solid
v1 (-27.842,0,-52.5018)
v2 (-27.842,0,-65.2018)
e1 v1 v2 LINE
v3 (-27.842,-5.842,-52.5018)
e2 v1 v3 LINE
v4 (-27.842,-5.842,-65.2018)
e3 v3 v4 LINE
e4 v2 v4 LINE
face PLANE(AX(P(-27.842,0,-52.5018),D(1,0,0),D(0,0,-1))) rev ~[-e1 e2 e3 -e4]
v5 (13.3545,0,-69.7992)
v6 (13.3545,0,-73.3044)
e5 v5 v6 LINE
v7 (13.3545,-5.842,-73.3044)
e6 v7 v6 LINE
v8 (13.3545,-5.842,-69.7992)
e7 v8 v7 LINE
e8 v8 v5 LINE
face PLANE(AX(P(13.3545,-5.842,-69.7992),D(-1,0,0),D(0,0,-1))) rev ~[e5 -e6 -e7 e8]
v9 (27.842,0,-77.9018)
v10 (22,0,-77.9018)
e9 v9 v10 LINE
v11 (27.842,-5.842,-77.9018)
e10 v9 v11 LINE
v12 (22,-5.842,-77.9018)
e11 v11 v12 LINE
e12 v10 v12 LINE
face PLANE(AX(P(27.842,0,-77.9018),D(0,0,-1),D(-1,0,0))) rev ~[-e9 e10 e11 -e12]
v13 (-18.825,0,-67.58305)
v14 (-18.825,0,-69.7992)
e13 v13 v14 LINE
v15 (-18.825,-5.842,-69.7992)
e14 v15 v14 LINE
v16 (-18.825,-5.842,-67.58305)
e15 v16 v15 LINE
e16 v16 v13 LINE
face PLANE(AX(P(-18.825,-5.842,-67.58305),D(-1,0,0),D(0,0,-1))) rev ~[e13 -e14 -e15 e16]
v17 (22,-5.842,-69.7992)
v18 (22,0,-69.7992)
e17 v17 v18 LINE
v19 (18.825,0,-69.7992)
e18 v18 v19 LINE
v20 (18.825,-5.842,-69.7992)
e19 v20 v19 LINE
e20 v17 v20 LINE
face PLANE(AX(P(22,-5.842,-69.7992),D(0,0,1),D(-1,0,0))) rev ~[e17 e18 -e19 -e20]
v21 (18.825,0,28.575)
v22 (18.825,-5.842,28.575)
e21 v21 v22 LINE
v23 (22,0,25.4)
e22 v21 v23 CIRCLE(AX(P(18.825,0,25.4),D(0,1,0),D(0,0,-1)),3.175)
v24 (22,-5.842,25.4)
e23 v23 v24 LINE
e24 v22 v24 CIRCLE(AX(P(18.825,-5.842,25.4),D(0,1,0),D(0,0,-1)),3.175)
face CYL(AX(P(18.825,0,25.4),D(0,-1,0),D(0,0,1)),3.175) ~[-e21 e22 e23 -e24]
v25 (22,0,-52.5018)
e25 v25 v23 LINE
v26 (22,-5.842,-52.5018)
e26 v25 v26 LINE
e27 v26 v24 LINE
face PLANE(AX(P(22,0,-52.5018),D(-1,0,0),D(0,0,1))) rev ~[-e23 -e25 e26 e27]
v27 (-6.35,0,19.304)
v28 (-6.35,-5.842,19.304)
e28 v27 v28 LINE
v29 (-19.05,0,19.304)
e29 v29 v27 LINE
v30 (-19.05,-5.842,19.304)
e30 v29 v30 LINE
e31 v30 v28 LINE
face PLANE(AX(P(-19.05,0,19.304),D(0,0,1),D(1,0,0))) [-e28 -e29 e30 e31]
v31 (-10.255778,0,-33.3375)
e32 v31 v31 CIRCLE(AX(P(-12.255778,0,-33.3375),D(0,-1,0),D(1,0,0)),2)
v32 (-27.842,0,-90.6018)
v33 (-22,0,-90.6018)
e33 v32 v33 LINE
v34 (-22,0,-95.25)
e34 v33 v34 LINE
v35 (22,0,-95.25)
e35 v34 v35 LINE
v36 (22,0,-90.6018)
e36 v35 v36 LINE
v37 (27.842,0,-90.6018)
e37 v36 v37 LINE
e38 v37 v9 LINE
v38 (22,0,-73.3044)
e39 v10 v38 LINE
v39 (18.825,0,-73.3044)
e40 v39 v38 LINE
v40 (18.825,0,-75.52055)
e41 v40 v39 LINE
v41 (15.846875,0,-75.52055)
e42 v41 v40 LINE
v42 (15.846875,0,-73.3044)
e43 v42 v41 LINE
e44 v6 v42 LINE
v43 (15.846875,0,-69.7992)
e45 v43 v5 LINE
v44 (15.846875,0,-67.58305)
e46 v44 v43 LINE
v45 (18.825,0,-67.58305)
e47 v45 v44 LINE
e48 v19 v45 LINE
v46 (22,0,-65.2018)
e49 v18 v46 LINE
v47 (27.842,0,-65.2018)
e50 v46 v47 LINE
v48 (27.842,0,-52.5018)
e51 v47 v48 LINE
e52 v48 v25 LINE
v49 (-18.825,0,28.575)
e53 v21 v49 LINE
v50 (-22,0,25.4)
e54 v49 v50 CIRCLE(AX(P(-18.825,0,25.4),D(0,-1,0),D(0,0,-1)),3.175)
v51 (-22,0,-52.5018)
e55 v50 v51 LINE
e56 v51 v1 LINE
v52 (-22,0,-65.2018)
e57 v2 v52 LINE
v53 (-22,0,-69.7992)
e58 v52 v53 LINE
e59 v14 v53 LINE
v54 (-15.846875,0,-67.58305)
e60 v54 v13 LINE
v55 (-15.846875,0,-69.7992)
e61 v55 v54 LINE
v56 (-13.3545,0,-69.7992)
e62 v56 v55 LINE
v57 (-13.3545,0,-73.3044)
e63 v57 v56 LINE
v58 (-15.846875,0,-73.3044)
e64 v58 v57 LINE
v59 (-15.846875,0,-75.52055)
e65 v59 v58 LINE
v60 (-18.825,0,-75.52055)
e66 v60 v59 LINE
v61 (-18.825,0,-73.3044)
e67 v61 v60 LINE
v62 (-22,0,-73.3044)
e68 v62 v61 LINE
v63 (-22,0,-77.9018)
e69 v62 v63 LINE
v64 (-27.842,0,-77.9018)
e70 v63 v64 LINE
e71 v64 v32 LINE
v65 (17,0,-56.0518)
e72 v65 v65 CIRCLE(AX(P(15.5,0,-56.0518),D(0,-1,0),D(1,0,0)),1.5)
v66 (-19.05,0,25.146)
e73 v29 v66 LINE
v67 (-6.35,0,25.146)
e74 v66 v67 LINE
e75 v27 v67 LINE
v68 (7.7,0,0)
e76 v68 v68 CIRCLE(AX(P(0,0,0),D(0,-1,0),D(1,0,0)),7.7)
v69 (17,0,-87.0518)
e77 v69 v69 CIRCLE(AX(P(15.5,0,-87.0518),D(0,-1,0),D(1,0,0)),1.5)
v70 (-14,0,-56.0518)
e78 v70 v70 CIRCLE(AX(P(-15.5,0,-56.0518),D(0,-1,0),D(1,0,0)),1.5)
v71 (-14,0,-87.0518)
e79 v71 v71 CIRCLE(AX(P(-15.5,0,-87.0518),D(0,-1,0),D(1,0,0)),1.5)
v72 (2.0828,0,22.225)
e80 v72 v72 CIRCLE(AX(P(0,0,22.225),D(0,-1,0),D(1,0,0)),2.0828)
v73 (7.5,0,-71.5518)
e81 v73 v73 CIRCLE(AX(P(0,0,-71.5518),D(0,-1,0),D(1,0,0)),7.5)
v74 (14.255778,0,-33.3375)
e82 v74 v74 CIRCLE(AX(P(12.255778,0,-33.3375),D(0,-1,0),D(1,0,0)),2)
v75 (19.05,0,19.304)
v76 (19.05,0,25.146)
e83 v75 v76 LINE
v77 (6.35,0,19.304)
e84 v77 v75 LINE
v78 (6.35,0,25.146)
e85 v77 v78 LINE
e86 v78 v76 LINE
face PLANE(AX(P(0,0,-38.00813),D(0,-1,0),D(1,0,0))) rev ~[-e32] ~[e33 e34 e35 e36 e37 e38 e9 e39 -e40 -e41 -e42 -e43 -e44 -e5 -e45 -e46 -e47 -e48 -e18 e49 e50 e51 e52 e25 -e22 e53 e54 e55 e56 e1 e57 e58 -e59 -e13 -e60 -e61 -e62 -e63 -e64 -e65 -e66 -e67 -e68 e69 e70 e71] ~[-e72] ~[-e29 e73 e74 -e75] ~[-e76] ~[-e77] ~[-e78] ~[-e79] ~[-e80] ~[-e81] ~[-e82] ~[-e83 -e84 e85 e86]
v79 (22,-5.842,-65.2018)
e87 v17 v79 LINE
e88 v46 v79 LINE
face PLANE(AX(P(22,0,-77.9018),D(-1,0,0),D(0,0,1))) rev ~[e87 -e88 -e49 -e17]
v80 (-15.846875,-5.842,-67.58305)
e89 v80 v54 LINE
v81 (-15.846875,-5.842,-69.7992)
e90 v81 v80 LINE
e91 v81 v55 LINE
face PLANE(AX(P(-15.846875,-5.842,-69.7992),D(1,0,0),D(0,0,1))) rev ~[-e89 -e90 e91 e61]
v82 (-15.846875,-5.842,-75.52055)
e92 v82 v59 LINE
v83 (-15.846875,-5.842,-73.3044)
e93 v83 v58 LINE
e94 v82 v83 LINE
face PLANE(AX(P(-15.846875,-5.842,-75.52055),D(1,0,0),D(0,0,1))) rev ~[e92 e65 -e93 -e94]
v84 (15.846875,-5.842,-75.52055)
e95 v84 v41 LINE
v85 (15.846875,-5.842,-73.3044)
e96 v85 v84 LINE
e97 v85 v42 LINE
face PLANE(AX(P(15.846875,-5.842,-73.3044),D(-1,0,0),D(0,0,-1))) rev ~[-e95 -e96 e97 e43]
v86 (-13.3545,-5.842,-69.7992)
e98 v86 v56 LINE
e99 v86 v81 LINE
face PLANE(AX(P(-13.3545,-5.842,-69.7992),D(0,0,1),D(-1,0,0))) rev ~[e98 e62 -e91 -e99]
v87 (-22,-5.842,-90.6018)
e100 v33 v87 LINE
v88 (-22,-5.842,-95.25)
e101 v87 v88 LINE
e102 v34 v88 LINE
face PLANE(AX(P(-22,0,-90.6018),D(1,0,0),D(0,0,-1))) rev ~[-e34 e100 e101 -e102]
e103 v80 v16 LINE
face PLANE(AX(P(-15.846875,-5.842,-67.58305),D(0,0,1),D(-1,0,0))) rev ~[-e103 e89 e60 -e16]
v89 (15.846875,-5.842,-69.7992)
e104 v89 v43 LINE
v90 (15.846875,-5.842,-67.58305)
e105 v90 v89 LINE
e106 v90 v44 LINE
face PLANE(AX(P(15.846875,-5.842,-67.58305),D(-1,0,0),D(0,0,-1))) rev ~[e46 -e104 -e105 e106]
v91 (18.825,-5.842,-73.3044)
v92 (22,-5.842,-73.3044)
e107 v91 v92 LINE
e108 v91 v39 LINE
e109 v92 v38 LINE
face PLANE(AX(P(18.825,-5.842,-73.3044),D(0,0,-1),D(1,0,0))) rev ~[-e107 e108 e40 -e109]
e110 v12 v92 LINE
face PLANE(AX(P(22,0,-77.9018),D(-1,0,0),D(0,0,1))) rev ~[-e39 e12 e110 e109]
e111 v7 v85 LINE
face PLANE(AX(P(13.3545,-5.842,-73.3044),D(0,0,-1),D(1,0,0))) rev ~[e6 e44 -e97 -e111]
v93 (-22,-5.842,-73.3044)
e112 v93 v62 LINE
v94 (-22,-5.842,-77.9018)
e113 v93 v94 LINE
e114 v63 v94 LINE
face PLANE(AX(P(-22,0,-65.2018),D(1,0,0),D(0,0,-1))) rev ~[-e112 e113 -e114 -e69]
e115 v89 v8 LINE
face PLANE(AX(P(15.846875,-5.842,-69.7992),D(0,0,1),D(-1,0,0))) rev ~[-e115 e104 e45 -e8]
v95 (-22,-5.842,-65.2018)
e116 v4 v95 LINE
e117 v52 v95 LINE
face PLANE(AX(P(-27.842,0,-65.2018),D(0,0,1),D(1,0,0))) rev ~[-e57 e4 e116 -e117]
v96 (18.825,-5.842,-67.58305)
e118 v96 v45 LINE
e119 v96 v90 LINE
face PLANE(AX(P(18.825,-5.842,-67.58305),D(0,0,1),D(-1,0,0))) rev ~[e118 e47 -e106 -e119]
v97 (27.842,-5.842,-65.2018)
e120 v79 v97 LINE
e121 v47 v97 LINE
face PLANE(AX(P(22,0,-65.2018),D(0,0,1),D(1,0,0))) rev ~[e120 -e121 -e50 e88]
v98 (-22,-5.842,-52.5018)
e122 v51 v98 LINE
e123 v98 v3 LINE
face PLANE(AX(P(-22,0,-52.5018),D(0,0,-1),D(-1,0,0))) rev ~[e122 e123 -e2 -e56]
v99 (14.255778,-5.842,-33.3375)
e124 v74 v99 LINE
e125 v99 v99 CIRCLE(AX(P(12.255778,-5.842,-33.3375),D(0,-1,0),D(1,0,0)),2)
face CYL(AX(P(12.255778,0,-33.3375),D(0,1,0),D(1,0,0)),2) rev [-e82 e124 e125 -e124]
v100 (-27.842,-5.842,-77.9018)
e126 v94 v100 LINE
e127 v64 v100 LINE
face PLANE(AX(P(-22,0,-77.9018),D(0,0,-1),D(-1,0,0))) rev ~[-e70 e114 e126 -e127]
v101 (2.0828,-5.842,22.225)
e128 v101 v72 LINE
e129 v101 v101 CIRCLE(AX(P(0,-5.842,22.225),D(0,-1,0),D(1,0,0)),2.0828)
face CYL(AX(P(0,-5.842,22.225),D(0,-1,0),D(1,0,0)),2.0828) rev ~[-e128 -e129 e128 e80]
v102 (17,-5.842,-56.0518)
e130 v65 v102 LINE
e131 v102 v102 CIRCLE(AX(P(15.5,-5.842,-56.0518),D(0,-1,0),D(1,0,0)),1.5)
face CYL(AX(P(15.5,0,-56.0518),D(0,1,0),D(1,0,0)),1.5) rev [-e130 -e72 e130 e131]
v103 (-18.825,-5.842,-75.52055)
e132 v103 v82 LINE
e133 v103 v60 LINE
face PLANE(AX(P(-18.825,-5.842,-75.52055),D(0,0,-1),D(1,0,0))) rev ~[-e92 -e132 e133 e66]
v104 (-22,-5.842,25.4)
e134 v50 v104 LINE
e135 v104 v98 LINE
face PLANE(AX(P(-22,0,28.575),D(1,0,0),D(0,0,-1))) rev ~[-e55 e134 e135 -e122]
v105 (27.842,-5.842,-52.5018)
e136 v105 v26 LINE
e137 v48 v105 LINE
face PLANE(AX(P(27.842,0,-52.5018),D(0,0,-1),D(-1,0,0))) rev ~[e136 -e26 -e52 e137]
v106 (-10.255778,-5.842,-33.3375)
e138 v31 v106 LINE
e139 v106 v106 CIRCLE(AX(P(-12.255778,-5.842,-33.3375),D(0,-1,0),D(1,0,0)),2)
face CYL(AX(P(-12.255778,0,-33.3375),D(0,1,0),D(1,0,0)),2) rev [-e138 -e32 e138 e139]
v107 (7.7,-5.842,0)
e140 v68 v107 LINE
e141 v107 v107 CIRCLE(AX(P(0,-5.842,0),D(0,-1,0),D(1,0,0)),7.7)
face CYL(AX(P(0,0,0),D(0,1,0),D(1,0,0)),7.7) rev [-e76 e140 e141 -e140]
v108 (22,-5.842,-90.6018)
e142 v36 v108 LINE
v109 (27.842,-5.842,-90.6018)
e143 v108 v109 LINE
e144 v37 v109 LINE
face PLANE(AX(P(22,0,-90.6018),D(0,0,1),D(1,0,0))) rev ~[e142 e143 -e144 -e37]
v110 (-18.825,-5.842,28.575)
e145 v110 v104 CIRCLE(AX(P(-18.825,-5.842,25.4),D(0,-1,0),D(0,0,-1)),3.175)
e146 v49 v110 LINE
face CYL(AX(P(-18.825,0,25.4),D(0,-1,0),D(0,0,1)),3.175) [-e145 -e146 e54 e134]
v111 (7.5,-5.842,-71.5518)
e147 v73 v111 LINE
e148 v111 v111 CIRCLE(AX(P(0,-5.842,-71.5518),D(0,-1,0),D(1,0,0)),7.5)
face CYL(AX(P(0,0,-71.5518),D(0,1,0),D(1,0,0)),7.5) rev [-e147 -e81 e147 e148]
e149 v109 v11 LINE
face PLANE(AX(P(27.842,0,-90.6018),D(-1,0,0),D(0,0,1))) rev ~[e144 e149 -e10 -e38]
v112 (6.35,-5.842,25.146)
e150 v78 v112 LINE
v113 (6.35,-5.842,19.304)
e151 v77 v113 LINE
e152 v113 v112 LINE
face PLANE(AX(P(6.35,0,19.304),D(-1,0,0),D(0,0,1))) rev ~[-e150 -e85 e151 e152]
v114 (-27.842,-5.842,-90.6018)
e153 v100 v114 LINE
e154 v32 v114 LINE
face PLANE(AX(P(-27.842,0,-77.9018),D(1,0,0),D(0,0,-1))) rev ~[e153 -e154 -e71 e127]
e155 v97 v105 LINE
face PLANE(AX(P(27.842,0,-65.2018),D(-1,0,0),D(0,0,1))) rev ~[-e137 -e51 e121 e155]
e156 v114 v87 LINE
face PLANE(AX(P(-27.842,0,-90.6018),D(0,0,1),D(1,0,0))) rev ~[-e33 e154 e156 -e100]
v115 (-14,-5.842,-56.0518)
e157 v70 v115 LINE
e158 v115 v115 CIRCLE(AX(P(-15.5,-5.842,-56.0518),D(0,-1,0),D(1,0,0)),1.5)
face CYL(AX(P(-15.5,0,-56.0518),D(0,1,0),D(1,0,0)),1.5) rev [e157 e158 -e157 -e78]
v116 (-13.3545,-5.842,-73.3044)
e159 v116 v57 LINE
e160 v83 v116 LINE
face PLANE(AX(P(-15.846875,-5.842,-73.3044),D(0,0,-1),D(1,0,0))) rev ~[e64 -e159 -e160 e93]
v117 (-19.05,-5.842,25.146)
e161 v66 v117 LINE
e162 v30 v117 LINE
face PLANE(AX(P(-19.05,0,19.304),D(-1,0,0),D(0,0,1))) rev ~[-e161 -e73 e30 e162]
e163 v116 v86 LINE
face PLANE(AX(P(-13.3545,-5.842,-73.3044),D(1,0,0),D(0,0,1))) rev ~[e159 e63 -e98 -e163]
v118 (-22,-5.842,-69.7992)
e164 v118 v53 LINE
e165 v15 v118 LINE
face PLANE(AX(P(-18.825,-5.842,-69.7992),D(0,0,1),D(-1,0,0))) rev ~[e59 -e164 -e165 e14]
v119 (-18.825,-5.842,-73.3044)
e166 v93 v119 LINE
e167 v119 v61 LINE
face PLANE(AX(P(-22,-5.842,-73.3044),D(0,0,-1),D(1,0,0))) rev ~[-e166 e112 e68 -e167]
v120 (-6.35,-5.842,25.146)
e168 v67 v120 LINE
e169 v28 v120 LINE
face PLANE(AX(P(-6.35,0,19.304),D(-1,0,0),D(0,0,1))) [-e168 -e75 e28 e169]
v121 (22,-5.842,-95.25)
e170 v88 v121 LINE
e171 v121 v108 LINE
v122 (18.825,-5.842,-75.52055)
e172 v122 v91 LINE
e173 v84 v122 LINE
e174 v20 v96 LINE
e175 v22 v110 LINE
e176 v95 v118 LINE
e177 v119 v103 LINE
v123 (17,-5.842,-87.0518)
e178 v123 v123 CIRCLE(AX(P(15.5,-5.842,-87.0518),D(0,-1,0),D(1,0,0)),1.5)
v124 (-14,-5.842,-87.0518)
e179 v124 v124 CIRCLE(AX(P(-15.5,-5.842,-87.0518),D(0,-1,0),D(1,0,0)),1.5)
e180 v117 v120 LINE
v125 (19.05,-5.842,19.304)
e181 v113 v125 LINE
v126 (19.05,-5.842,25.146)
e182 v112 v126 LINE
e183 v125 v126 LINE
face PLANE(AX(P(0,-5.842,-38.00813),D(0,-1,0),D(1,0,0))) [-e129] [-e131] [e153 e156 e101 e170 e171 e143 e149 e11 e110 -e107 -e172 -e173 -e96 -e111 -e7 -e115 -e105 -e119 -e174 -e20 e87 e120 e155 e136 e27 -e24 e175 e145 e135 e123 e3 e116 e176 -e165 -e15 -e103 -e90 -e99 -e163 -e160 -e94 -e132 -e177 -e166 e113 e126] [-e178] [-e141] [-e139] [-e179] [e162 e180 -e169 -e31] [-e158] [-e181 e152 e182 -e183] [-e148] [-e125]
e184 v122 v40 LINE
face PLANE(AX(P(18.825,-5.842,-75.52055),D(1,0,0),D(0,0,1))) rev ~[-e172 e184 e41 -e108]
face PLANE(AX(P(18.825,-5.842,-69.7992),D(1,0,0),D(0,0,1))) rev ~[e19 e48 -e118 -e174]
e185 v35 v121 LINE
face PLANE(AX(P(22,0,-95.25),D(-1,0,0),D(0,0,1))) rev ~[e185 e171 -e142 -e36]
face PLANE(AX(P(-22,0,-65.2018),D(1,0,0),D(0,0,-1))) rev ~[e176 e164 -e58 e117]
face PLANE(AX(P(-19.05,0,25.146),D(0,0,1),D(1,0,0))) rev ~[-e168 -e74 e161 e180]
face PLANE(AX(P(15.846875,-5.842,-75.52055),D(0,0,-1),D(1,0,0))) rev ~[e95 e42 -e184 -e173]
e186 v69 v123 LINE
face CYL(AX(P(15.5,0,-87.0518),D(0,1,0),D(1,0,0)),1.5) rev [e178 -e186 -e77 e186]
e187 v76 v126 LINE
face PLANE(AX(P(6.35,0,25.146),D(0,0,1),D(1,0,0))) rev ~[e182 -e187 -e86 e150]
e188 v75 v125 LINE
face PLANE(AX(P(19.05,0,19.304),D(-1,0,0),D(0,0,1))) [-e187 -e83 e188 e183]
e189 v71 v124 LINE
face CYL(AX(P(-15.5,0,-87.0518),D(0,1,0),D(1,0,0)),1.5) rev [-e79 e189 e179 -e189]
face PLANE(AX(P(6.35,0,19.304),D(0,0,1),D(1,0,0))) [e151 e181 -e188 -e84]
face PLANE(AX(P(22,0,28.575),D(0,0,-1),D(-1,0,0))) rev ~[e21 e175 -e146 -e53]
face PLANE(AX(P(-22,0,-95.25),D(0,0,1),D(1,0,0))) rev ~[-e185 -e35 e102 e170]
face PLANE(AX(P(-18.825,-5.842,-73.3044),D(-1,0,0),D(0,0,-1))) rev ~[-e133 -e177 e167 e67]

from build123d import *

# Parameters (mm, degrees)
F0_R     = 1.5
F0_R_2   = 7.5
F0_R_3   = 2
F0_W     = 12.7
F0_H     = 5.842
F0_R_4   = 7.7
F1_DEPTH = 5.842
F2_R     = 3.175
F4_DEPTH = 5.843
F5_R     = 2.0828
F6_DEPTH = 25.4


with BuildPart() as f1:
    # F0 (on Front) → F1 (new body)
    with BuildSketch(Plane.XZ):
        Polygon((22, 28.575), (-22, 28.575), (-22, -52.5018), (-27.842, -52.5018), (-27.842, -65.2018), (-22, -65.2018), (-22, -77.9018), (-27.842, -77.9018), (-27.842, -90.6018), (-22, -90.6018), (-22, -95.25), (22, -95.25), (22, -90.6018), (27.842, -90.6018), (27.842, -77.9018), (22, -77.9018), (22, -65.2018), (27.842, -65.2018), (27.842, -52.5018), (22, -52.5018), align=None)
        with Locations((-15.5, -87.0518)):
            Circle(F0_R, mode=Mode.SUBTRACT)
        with Locations((-15.5, -56.0518)):
            Circle(F0_R, mode=Mode.SUBTRACT)
        with Locations((0, -71.5518)):
            Circle(F0_R_2, mode=Mode.SUBTRACT)
        with Locations((15.5, -87.0518)):
            Circle(F0_R, mode=Mode.SUBTRACT)
        with Locations((15.5, -56.0518)):
            Circle(F0_R, mode=Mode.SUBTRACT)
        with Locations((-12.255778, -33.3375)):
            Circle(F0_R_3, mode=Mode.SUBTRACT)
        with Locations((-12.7, 22.225)):
            Rectangle(F0_W, F0_H, mode=Mode.SUBTRACT)
        with Locations((12.255778, -33.3375)):
            Circle(F0_R_3, mode=Mode.SUBTRACT)
        Circle(F0_R_4, mode=Mode.SUBTRACT)
        with Locations((12.7, 22.225)):
            Rectangle(F0_W, F0_H, mode=Mode.SUBTRACT)
    extrude(amount=F1_DEPTH)

    # F2
    f2_edges = [f1.edges().sort_by_distance(p)[0] for p in [
        (-22, -2.921, 28.575),
        (22, -2.921, 28.575),
    ]]
    fillet(f2_edges, radius=F2_R)

    # F3 (on face) → F4 (cut, through all)
    with BuildSketch(Plane.XZ.offset(5.842)):
        Polygon((-18.825, -69.7992), (-22, -69.7992), (-22, -73.3044), (-18.825, -73.3044), (-18.825, -75.52055), (-15.846875, -75.52055), (-15.846875, -73.3044), (-13.3545, -73.3044), (-13.3545, -69.7992), (-15.846875, -69.7992), (-15.846875, -67.58305), (-18.825, -67.58305), align=None)
        Polygon((22, -73.3044), (22, -69.7992), (18.825, -69.7992), (18.825, -67.58305), (15.846875, -67.58305), (15.846875, -69.7992), (13.3545, -69.7992), (13.3545, -73.3044), (15.846875, -73.3044), (15.846875, -75.52055), (18.825, -75.52055), (18.825, -73.3044), align=None)
    extrude(amount=-F4_DEPTH, mode=Mode.SUBTRACT)

    # F5 (on face) → F6 (cut)
    with BuildSketch(Plane.XZ.offset(5.842)):
        with Locations((0, 22.225)):
            Circle(F5_R)
    extrude(amount=-F6_DEPTH, mode=Mode.SUBTRACT)


solid = f1.part
